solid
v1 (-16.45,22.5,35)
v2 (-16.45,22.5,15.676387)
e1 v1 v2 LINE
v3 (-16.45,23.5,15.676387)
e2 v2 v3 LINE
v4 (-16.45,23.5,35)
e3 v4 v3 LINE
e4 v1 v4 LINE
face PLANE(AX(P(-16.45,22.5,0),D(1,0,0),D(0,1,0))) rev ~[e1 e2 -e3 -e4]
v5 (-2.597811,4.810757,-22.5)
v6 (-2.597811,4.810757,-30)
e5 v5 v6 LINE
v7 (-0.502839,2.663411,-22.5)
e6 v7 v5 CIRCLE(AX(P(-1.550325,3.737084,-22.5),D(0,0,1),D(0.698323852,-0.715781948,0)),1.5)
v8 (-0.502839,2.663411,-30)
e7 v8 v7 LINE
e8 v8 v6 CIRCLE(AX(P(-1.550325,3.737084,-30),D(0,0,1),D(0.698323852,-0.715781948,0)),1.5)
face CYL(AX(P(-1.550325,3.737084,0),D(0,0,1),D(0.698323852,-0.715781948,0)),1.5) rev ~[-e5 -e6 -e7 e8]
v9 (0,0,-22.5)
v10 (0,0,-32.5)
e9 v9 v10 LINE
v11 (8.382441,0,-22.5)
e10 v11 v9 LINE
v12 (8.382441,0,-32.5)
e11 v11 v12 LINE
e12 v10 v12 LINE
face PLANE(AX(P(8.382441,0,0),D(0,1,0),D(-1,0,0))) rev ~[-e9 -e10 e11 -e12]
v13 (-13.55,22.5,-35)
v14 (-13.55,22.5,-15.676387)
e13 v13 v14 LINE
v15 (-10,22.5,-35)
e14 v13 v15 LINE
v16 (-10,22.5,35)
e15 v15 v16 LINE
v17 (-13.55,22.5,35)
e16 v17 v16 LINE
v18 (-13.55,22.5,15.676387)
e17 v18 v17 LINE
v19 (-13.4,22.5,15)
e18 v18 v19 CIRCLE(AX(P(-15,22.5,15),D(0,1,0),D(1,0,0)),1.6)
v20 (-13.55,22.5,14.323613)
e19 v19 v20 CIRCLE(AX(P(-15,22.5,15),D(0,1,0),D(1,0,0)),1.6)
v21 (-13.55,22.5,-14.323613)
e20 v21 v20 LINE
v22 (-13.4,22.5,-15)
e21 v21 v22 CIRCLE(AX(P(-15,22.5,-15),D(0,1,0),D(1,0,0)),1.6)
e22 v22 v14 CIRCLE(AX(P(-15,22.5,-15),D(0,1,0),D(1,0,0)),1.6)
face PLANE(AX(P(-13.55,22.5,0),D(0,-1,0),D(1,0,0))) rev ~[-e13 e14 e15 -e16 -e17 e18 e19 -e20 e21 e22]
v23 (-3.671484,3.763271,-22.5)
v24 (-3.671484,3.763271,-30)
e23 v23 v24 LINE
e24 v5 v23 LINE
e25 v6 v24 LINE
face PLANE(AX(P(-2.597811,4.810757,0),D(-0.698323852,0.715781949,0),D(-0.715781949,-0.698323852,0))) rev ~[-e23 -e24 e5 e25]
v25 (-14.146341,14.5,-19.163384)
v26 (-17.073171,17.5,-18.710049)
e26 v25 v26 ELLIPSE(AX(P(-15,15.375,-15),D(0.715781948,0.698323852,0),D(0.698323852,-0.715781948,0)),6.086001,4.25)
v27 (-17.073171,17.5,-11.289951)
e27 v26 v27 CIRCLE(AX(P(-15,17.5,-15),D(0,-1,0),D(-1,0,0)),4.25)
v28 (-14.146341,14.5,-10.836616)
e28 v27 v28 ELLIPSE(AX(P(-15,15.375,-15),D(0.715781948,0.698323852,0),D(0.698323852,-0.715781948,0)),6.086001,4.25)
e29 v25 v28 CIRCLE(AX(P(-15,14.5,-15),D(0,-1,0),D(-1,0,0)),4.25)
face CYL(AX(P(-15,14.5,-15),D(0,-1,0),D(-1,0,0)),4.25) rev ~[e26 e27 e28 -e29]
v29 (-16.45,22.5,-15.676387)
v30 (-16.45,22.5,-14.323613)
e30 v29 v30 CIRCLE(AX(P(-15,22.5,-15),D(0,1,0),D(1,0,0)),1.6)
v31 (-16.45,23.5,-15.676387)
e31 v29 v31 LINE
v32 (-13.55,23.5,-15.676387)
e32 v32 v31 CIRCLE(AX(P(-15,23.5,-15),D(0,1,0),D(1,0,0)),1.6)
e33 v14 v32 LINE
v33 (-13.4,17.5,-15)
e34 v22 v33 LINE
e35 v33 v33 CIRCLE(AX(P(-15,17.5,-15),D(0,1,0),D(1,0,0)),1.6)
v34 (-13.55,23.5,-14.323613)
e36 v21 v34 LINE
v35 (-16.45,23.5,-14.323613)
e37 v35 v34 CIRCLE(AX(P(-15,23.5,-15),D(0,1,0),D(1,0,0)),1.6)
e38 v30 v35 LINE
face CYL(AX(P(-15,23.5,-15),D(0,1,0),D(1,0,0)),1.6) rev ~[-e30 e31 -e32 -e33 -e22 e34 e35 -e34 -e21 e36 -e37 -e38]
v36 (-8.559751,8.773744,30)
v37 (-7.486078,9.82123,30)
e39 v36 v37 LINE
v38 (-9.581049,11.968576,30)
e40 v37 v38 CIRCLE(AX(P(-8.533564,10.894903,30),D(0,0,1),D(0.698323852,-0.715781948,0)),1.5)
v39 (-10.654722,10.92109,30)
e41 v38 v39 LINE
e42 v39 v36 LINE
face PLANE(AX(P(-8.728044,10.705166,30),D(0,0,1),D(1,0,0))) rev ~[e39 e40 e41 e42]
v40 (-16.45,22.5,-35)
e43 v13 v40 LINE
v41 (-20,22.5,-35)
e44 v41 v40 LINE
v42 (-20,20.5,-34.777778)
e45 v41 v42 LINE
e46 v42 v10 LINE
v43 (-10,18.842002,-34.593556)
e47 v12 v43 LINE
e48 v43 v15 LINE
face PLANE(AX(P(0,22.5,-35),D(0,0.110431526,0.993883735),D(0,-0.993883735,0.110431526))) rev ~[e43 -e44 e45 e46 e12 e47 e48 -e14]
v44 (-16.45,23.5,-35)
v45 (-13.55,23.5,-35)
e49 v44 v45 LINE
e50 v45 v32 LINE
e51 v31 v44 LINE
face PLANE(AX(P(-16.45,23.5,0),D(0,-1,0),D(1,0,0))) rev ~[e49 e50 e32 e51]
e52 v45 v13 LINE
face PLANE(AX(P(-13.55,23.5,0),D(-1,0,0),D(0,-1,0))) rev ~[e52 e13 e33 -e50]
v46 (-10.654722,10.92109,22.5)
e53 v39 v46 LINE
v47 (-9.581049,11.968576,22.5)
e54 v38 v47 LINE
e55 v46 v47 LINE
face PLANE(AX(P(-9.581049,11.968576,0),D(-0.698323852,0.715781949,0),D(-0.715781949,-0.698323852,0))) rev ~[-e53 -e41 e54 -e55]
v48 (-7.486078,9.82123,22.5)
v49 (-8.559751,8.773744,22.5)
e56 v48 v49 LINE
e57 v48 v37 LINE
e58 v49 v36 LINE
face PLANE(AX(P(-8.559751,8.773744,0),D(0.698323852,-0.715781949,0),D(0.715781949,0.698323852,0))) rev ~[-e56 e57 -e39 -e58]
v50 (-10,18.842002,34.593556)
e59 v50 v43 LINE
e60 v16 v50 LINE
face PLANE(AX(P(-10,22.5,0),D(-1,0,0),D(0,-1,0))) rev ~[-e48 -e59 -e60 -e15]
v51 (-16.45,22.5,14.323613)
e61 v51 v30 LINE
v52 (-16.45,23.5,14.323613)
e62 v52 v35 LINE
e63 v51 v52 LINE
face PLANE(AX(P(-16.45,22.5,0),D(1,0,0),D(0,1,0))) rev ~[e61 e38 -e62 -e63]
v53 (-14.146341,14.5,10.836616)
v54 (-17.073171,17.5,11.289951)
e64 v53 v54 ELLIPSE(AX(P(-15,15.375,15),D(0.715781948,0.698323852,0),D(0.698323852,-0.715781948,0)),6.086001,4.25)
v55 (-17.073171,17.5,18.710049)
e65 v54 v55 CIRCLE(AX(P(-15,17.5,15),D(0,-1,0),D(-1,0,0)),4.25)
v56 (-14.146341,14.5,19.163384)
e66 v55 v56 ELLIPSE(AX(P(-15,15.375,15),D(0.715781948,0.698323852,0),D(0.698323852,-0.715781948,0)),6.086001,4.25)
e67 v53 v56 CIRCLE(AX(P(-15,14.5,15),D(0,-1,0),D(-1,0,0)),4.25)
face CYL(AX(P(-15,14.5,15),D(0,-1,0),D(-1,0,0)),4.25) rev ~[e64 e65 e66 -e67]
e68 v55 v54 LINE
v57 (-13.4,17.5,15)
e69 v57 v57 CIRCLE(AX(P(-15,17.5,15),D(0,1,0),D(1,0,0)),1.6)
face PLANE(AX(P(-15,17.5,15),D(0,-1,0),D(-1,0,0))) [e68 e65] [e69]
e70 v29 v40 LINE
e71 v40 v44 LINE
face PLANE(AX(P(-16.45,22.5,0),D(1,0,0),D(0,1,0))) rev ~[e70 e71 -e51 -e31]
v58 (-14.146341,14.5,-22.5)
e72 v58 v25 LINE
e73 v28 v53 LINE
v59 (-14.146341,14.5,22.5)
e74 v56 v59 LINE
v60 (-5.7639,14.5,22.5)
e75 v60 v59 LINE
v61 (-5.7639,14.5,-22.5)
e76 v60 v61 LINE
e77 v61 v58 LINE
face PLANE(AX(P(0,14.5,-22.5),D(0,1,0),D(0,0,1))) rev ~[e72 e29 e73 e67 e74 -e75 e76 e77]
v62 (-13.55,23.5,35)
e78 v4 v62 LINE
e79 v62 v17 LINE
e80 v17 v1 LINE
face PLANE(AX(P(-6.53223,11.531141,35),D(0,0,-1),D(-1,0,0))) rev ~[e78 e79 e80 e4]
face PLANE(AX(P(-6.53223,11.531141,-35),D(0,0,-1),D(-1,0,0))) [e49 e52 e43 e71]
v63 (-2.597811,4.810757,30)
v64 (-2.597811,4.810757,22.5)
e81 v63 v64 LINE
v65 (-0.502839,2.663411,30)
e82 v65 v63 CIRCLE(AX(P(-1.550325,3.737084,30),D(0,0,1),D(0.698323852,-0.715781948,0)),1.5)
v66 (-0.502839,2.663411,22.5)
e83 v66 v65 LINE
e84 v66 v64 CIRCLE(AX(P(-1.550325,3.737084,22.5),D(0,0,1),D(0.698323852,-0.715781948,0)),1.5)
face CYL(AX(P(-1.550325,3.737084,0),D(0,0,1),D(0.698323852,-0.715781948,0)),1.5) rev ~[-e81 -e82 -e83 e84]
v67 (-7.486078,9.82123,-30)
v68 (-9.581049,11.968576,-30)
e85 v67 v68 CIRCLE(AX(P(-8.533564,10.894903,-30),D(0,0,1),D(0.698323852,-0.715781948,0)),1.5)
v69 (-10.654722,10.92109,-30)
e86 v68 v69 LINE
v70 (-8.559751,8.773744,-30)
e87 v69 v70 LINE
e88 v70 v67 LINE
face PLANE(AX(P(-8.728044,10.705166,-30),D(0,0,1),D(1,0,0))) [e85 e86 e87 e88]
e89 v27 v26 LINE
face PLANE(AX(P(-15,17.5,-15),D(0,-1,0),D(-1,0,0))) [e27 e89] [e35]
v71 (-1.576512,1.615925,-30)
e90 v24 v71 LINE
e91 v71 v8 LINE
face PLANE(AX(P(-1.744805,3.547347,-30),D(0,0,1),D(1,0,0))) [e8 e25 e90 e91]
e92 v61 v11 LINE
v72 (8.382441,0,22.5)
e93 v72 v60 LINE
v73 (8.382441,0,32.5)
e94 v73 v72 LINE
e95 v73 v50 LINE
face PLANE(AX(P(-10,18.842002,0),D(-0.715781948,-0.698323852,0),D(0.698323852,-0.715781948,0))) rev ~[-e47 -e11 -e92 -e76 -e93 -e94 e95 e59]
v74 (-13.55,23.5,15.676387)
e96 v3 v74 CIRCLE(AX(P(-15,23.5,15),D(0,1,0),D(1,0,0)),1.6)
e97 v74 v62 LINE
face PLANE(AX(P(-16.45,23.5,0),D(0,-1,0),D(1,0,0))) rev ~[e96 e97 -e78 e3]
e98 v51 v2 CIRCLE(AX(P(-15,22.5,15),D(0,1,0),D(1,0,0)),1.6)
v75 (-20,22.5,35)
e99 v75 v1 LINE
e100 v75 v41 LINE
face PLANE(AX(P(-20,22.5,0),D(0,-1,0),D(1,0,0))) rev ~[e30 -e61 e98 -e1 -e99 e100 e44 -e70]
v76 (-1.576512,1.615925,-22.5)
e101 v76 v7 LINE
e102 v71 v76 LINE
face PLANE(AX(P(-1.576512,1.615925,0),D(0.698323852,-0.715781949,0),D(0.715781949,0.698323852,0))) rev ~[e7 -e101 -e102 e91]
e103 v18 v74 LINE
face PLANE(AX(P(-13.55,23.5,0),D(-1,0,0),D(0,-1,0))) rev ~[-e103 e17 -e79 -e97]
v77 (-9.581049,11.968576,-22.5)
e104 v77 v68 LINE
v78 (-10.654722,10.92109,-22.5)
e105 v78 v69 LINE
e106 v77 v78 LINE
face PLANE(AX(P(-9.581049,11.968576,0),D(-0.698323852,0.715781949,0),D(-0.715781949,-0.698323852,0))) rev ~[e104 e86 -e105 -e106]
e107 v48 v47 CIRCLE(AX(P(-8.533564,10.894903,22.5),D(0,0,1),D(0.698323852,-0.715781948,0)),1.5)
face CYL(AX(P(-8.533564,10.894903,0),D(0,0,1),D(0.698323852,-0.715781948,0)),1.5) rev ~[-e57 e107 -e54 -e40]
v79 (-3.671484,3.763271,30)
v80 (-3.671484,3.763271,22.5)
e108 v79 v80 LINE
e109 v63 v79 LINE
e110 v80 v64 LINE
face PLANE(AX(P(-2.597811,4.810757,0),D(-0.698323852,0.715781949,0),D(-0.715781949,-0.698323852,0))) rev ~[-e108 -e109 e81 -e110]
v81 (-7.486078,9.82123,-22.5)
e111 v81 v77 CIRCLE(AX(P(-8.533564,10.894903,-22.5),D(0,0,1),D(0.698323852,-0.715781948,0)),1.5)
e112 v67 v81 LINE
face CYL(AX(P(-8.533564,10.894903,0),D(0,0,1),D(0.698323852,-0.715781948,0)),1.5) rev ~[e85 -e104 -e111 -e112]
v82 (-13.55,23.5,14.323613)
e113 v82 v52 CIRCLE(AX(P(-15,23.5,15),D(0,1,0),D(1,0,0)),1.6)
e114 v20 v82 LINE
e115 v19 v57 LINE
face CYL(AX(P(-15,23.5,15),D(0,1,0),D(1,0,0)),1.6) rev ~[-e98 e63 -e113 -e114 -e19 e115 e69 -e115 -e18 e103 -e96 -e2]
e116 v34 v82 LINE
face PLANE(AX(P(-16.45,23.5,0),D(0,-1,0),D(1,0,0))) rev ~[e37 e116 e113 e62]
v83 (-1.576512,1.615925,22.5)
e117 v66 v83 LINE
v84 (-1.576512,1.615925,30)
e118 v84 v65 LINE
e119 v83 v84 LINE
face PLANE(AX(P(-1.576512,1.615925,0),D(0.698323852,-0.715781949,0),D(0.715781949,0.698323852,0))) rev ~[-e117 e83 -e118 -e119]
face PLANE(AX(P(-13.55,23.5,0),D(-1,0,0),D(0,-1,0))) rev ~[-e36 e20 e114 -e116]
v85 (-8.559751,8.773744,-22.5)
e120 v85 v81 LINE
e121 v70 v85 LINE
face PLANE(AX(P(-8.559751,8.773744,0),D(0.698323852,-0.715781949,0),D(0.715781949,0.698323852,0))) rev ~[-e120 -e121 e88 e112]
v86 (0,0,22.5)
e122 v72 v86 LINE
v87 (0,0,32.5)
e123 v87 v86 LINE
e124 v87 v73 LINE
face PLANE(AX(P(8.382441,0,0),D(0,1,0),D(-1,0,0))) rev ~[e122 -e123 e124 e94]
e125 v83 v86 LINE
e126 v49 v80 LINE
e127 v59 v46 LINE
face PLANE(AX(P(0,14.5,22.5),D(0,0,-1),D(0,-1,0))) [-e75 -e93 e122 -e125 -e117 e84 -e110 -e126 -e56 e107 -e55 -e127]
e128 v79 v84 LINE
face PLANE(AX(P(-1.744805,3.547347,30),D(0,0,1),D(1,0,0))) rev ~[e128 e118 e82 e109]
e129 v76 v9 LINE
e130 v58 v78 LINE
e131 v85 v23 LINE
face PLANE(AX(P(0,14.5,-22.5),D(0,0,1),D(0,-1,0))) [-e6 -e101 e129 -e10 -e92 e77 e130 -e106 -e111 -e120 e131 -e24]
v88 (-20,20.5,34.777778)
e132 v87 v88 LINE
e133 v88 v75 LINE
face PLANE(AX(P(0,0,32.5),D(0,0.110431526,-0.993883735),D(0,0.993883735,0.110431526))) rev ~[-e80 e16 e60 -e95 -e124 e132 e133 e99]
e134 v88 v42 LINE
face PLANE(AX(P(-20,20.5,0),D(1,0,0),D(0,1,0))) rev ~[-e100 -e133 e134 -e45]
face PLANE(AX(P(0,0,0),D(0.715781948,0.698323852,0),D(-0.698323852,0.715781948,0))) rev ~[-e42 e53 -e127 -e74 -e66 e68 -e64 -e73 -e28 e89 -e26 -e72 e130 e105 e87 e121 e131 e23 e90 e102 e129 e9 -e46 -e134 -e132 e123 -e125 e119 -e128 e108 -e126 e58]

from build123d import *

# Parameters (mm, degrees)
MAIN_DEPTH                   = 35
SIDECUT_DEPTH                = 9.382441068
SIDECUT_DEPTH_BACK           = 21
SKETCH5_W                    = 45
SKETCH5_H                    = 60
CENTRALCUT_DEPTH             = 9.382441068
CENTRALCUT_DEPTH_BACK        = 21
SKETCH3_R                    = 1.6
MAKERBEAMFIXHOLES_DEPTH      = 1
MAKERBEAMFIXHOLES_DEPTH_BACK = 24.5
ROLLERSUPPORTHOLES_DEPTH     = 30
LPATTERN1_COUNT              = 3
LPATTERN1_PITCH              = 10
SKETCH6_R                    = 4.25
SCREWHOLE_DEPTH              = 3


with BuildPart() as part:
    # Sketch1 → Main (new body, symmetric)
    with BuildSketch(Plane.XY):
        Polygon((-10, 22.5), (-10, 18.842002095), (8.382441068, 0), (0, 0), (-20, 20.5), (-20, 22.5), (-16.45, 22.5), (-16.45, 23.5), (-13.55, 23.5), (-13.55, 22.5), align=None)
    extrude(amount=MAIN_DEPTH, both=True)

    # Sketch2 → SideCut (cut, two sides)
    with BuildSketch(Plane(origin=(0, 12.071067812, 0), x_dir=(0, 0, 1), z_dir=(1, 0, 0))) as sidecut_sk:
        Polygon((-35, -10.428932188), (-32.5, 12.071067812), (-35, 12.071067812), align=None)
        Polygon((35, -10.428932188), (35, 12.071067812), (32.5, 12.071067812), align=None)
    extrude(amount=SIDECUT_DEPTH, mode=Mode.SUBTRACT)
    extrude(sidecut_sk.sketch, amount=-SIDECUT_DEPTH_BACK, mode=Mode.SUBTRACT)

    # Sketch5 → CentralCut (cut, two sides)
    with BuildSketch(Plane(origin=(0, 0, 0), x_dir=(0, 0, 1), z_dir=(1, 0, 0))) as centralcut_sk:
        with Locations((0, 15.5)):
            Rectangle(SKETCH5_W, SKETCH5_H)
    extrude(amount=CENTRALCUT_DEPTH, mode=Mode.SUBTRACT)
    extrude(centralcut_sk.sketch, amount=-CENTRALCUT_DEPTH_BACK, mode=Mode.SUBTRACT)

    # Sketch3 → MakerBeamFixHoles (cut, two sides)
    with BuildSketch(Plane(origin=(0, 23.5, 0), x_dir=(1, 0, 0), z_dir=(0, 1, 0))) as makerbeamfixholes_sk:
        with Locations((-15, 15)):
            Circle(SKETCH3_R)
        with Locations((-15, -15)):
            Circle(SKETCH3_R)
    extrude(amount=MAKERBEAMFIXHOLES_DEPTH, mode=Mode.SUBTRACT)
    extrude(makerbeamfixholes_sk.sketch, amount=-MAKERBEAMFIXHOLES_DEPTH_BACK, mode=Mode.SUBTRACT)

    # Sketch4 → RollerSupportHoles (cut, symmetric)
    with BuildSketch(Plane.XY):
        with BuildLine():
            Line((-10.654722203, 10.921090258), (-8.559750647, 8.773744413))
            Line((-8.559750647, 8.773744413), (-7.486077724, 9.821230191))
            ThreePointArc((-7.486077724, 9.821230191), (-7.45989058, 11.942388892), (-9.58104928, 11.968576036))
            Line((-9.58104928, 11.968576036), (-10.654722203, 10.921090258))
        make_face()
    rollersupportholes = extrude(amount=ROLLERSUPPORTHOLES_DEPTH, both=True, mode=Mode.SUBTRACT)

    # LPattern1: RollerSupportHoles ×3
    with Locations(*[Vector(0.698323852, -0.715781948, 0) * (i * LPATTERN1_PITCH) for i in range(1, LPATTERN1_COUNT)]):
        add(rollersupportholes, mode=Mode.SUBTRACT)

    # Sketch6 → ScrewHole (cut)
    with BuildSketch(Plane(origin=(0, 14.5, 0), x_dir=(-1, 0, 0), z_dir=(0, -1, 0))):
        with Locations((15, 15)):
            Circle(SKETCH6_R)
        with Locations((15, -15)):
            Circle(SKETCH6_R)
    extrude(amount=-SCREWHOLE_DEPTH, mode=Mode.SUBTRACT)


solid = part.part
